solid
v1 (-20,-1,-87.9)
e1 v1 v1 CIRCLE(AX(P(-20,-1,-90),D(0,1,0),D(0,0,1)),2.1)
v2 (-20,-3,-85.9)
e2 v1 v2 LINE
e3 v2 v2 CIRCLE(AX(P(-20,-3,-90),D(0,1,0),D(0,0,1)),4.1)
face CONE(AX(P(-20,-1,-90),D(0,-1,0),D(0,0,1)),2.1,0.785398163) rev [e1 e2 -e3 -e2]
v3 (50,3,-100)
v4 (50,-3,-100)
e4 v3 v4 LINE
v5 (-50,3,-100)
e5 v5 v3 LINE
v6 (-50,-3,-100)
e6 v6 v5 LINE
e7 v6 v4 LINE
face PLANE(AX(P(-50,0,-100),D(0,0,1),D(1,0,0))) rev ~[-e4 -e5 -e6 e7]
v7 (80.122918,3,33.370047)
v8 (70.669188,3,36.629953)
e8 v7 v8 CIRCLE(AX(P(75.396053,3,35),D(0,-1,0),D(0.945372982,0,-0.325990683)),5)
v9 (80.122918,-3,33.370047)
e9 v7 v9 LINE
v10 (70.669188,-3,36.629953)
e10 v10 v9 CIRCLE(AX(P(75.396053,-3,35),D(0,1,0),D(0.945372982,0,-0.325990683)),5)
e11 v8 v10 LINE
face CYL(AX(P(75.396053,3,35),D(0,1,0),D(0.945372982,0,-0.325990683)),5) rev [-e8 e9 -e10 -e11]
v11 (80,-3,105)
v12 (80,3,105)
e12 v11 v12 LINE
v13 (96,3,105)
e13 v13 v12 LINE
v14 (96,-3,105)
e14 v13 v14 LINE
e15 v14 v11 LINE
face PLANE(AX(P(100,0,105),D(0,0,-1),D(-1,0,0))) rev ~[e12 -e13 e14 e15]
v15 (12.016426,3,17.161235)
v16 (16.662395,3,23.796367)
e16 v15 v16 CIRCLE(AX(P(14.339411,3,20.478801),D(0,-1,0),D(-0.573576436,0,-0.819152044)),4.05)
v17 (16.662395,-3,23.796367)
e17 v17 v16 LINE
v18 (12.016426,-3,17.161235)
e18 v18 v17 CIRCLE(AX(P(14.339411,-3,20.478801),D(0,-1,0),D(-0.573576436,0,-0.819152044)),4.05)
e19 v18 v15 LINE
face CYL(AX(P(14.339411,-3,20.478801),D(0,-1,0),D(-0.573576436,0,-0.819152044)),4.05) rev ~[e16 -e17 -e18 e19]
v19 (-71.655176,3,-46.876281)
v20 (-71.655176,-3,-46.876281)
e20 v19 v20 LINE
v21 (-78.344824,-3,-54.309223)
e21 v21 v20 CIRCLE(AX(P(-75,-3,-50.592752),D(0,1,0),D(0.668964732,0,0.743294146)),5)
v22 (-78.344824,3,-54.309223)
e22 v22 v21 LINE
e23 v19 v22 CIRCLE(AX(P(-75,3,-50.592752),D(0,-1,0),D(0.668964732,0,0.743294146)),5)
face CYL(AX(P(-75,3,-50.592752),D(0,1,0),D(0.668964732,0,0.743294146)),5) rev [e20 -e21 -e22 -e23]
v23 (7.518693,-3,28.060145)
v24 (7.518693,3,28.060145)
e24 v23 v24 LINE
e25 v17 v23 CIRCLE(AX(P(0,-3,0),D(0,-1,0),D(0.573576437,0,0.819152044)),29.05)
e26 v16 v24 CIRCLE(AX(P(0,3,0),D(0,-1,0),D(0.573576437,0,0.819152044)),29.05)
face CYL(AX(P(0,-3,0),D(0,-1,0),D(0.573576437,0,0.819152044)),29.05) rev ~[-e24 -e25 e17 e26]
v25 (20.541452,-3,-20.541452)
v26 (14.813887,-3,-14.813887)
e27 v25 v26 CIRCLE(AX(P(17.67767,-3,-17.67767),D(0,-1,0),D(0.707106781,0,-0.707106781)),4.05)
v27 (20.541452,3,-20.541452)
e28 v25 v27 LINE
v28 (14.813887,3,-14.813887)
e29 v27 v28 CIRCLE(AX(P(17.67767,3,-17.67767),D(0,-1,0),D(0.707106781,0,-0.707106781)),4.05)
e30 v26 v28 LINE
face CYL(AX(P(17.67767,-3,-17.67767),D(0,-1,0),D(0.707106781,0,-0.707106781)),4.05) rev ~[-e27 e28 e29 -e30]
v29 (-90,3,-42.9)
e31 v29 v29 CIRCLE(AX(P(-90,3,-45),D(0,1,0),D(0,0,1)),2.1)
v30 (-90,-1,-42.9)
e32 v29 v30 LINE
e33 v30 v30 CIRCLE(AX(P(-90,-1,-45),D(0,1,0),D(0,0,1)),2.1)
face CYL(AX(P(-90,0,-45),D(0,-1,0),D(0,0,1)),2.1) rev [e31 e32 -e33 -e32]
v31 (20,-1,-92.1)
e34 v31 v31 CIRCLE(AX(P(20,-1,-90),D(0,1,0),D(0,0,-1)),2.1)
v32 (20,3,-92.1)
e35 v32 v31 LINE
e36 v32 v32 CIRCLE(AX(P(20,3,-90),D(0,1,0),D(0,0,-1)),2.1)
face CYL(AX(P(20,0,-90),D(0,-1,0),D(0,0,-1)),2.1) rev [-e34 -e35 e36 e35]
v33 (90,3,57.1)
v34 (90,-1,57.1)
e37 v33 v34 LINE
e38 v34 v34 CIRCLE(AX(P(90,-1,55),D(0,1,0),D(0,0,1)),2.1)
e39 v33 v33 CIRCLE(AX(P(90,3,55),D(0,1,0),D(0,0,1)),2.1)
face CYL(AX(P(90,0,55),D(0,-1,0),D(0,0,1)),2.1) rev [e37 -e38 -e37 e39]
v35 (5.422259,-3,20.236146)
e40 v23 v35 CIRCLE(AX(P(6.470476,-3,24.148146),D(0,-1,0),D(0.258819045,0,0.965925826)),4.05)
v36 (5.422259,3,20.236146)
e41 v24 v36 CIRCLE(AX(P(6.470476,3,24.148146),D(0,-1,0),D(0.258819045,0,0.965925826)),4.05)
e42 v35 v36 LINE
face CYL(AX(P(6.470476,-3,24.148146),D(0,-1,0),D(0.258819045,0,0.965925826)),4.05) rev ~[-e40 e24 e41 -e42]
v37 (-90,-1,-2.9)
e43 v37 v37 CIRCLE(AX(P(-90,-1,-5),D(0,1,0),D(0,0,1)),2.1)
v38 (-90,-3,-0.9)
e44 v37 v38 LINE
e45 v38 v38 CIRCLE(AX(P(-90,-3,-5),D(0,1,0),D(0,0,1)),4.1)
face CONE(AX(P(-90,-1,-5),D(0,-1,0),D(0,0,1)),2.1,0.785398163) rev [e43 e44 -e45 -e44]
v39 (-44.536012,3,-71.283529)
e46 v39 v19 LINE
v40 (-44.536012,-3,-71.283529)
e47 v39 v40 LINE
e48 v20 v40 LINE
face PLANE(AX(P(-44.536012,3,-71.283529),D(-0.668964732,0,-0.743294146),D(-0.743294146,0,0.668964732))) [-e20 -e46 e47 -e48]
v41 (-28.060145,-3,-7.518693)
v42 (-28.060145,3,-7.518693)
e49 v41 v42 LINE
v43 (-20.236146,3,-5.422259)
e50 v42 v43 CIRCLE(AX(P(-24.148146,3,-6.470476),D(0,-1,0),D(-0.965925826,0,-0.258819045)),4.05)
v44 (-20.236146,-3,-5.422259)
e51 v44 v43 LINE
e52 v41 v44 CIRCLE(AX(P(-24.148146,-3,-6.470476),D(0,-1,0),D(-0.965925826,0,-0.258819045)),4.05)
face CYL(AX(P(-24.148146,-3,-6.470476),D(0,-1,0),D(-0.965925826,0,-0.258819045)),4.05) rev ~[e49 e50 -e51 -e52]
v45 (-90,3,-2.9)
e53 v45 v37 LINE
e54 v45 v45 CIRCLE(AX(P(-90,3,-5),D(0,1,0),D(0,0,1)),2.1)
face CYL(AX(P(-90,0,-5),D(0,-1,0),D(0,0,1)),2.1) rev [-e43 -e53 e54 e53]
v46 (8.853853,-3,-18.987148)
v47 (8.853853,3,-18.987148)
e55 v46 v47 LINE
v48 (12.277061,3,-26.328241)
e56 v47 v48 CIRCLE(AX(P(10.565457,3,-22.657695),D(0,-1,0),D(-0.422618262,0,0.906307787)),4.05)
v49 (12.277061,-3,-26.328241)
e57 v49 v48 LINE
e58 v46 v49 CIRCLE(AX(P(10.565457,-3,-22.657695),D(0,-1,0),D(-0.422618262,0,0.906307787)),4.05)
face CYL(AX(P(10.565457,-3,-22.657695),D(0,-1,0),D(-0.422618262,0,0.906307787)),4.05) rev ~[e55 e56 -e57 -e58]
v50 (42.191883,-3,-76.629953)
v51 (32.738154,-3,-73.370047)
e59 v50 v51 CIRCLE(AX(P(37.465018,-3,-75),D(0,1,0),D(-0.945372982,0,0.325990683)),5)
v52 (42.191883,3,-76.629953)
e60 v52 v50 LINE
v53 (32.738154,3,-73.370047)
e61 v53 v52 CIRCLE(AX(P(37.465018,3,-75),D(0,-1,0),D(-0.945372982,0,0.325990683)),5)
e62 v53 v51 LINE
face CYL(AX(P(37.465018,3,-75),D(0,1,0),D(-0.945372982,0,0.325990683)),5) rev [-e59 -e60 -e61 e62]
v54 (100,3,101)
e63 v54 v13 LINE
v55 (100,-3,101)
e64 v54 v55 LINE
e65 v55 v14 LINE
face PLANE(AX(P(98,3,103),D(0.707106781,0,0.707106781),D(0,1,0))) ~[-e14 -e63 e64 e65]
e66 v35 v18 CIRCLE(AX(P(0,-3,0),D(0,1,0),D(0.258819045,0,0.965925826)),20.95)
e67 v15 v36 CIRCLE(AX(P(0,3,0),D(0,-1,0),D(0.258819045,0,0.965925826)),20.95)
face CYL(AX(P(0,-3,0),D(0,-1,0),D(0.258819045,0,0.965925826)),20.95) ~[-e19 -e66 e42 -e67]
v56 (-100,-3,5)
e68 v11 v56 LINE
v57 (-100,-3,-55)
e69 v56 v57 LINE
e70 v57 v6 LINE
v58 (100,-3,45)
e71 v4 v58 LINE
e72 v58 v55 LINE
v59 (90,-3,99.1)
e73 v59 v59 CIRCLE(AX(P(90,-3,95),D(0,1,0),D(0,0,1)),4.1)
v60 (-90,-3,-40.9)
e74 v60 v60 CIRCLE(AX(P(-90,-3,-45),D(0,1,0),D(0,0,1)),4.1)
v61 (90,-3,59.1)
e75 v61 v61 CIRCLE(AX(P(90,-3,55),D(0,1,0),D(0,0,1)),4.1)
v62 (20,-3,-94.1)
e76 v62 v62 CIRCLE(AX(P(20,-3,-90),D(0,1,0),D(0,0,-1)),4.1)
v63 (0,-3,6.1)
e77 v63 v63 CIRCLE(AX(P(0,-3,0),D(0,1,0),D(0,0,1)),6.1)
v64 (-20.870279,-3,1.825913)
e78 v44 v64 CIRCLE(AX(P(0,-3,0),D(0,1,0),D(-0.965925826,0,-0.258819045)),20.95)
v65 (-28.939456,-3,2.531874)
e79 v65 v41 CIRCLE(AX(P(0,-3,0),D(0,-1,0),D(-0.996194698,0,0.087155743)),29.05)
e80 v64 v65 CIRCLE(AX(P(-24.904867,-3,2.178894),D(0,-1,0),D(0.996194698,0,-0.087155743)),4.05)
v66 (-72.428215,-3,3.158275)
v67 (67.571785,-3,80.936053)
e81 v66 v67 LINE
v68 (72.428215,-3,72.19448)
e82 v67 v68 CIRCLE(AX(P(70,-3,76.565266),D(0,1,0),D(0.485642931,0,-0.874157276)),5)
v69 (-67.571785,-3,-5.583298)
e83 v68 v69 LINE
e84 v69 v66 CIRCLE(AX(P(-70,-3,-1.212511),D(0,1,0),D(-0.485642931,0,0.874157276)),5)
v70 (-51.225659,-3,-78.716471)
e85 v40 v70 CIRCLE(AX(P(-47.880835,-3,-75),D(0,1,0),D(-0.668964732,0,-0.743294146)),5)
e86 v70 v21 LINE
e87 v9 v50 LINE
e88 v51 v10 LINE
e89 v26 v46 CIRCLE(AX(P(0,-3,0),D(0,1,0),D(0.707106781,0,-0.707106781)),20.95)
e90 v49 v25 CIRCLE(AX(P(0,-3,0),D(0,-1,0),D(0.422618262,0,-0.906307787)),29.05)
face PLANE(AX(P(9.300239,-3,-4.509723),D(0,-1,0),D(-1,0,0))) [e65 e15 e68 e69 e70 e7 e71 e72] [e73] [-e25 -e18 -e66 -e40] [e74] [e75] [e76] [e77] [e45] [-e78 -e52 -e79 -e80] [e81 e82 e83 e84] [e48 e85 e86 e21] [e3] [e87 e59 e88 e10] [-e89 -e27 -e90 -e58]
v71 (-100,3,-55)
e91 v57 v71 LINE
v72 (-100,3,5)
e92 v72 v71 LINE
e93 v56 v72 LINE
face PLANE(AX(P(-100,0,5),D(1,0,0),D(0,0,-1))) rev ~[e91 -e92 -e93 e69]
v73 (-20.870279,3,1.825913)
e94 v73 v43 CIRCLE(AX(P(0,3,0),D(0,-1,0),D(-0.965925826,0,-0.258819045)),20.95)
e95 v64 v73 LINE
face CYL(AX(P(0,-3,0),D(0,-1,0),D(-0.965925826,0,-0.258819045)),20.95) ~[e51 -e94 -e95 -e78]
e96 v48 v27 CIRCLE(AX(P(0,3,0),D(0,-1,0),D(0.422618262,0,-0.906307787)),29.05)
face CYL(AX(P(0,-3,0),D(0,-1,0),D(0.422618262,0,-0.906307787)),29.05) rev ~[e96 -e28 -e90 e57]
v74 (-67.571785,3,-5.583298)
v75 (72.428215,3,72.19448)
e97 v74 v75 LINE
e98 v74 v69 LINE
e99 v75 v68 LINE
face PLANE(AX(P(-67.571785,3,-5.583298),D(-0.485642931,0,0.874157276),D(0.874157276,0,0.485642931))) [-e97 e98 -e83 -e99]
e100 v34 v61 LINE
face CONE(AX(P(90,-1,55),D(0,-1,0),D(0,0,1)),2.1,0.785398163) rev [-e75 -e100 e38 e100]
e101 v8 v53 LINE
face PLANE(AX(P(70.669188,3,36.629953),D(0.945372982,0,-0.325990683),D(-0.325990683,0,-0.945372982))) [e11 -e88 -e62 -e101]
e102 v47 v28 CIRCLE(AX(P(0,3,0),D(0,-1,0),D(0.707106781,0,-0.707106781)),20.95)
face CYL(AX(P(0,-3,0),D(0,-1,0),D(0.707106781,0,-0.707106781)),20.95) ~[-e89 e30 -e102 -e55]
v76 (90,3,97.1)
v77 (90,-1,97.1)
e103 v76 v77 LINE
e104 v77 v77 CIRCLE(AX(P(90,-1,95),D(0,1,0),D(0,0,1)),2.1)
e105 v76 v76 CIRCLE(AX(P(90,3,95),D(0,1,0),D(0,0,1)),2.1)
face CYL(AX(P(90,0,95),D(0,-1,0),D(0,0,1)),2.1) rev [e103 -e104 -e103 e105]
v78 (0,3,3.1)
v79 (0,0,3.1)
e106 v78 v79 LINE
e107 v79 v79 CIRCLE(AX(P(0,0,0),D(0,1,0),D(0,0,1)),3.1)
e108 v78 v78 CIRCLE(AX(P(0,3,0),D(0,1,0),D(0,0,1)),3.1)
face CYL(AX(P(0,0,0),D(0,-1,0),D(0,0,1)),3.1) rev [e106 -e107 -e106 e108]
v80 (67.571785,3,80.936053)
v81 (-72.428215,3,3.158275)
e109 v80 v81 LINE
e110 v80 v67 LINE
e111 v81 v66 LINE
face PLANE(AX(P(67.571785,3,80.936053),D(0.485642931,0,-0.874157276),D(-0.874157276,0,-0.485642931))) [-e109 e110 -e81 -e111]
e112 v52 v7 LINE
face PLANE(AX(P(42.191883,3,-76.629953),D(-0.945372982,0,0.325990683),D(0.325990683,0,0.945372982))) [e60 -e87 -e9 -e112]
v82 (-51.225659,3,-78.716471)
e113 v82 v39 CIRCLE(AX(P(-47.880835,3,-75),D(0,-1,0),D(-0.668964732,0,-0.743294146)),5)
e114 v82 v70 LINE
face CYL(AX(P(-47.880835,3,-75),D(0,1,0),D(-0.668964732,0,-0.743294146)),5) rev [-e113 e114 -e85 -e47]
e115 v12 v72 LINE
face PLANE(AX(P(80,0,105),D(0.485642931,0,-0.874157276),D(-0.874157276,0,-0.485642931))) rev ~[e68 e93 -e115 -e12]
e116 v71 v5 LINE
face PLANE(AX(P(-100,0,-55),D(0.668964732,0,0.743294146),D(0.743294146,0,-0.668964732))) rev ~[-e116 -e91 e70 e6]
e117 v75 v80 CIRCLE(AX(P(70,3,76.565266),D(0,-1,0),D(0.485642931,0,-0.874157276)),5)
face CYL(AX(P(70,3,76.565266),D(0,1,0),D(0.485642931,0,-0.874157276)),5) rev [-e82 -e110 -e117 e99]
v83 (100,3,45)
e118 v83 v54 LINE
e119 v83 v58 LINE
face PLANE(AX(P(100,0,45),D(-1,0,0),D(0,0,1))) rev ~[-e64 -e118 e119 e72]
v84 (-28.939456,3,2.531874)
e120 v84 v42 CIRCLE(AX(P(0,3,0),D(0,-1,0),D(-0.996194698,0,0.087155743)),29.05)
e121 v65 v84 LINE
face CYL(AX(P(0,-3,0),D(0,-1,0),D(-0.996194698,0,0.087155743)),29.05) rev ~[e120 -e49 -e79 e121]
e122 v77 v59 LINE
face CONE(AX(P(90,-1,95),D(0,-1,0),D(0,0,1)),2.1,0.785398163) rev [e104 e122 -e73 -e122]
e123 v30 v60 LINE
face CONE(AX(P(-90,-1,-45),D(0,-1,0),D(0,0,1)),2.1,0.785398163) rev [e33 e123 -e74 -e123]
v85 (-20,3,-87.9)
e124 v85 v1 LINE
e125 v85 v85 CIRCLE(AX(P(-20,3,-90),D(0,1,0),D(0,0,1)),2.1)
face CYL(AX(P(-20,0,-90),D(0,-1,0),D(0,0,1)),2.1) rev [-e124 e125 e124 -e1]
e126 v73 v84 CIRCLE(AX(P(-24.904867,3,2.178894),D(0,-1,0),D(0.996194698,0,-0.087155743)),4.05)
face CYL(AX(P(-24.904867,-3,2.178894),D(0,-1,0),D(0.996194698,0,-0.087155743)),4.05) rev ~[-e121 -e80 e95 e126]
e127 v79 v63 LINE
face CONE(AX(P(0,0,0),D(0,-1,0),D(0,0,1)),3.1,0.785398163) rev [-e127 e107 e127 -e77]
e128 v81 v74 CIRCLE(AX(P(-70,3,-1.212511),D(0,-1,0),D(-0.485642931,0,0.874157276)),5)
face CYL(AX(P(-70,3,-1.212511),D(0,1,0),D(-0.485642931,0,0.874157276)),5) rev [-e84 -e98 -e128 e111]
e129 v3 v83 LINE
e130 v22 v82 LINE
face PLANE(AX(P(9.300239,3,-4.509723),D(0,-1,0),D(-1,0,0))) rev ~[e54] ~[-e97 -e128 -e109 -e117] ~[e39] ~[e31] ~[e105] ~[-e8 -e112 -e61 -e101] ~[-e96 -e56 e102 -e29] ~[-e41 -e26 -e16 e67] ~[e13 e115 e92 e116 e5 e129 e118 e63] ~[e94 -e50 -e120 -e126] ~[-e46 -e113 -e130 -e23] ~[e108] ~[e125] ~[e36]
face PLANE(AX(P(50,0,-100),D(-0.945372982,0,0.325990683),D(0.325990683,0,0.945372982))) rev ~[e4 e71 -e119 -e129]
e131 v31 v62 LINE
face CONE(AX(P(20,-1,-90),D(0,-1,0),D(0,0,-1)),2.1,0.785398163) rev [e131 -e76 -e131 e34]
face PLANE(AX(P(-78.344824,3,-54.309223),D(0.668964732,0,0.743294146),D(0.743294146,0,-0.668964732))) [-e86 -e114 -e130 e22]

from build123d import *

# Parameters (mm, degrees)
SKETCH_1_R               = 3.1
SKETCH_1_R_2             = 2.1
EXTRUDE_1_DEPTH          = 3
CHAMFER_1_SIZE           = 2
CHAMFER_3_SIZE           = 4
CUT_EXTRUDE_1_DEPTH      = 146.124084838
CHAMFER_4_SIZE           = 3
CUT_EXTRUDE_2_DEPTH      = 146.124084838
PATTERN_CIRCULAR_1_COUNT = 3


with BuildPart() as part:
    # 草图1 → 凸台-拉伸1 (new, symmetric)
    with BuildSketch(Plane(origin=(0, 0, 0), x_dir=(1, 0, 0), z_dir=(0, 1, 0))):
        Polygon((-50, 100), (50, 100), (100, -45), (100, -105), (80, -105), (-100, -5), (-100, 55), align=None)
        with Locations(Location((0, 0, 0), (0, 0, 270))):
            Circle(SKETCH_1_R, mode=Mode.SUBTRACT)
        with Locations(Location((-20, 90, 0), (0, 0, 270))):
            Circle(SKETCH_1_R_2, mode=Mode.SUBTRACT)
        with Locations(Location((-90, 45, 0), (0, 0, 270))):
            Circle(SKETCH_1_R_2, mode=Mode.SUBTRACT)
        with Locations(Location((-90, 5, 0), (0, 0, 270))):
            Circle(SKETCH_1_R_2, mode=Mode.SUBTRACT)
        with Locations(Location((20, 90, 0), (0, 0, 90))):
            Circle(SKETCH_1_R_2, mode=Mode.SUBTRACT)
        with Locations(Location((90, -55, 0), (0, 0, 270))):
            Circle(SKETCH_1_R_2, mode=Mode.SUBTRACT)
        with Locations(Location((90, -95, 0), (0, 0, 270))):
            Circle(SKETCH_1_R_2, mode=Mode.SUBTRACT)
    extrude(amount=EXTRUDE_1_DEPTH, both=True)

    # 倒角1
    chamfer_1_edges = [part.edges().sort_by_distance(p)[0] for p in [
        (-20, -3, -92.1),
        (-90, -3, -47.1),
        (-90, -3, -7.1),
        (90, -3, 52.9),
        (90, -3, 92.9),
        (20, -3, -87.9),
    ]]
    chamfer(chamfer_1_edges, length=CHAMFER_1_SIZE)

    # 倒角3
    chamfer_3_edges = [part.edges().sort_by_distance(p)[0] for p in [
        (100, 0, 105),
    ]]
    chamfer(chamfer_3_edges, length=CHAMFER_3_SIZE)

    # 草图2 → 切除-拉伸1 (cut, through all)
    with BuildSketch(Plane(origin=(0, 3, 0), x_dir=(1, 0, 0), z_dir=(0, 1, 0))):
        with BuildLine():
            Line((-78.344823658, 54.309222637), (-51.225659109, 78.716470731))
            ThreePointArc((-51.225659109, 78.716470731), (-44.16436472, 78.344823658), (-44.536011793, 71.283529269))
            Line((-44.536011793, 71.283529269), (-71.655176342, 46.876281175))
            ThreePointArc((-71.655176342, 46.876281175), (-78.716470731, 47.247928248), (-78.344823658, 54.309222637))
        make_face()
        with BuildLine():
            Line((70.669187988, -36.629953417), (32.738153505, 73.370046583))
            ThreePointArc((32.738153505, 73.370046583), (35.835064997, 79.726864908), (42.191883322, 76.629953417))
            Line((42.191883322, 76.629953417), (80.122917804, -33.370046583))
            ThreePointArc((80.122917804, -33.370046583), (77.026006313, -39.726864908), (70.669187988, -36.629953417))
        make_face()
        with BuildLine():
            Line((67.571785344, -80.936052734), (-72.428214656, -3.158274956))
            ThreePointArc((-72.428214656, -3.158274956), (-74.370786381, 3.64072608), (-67.571785344, 5.583297805))
            Line((-67.571785344, 5.583297805), (72.428214656, -72.194479973))
            ThreePointArc((72.428214656, -72.194479973), (74.370786381, -78.993481009), (67.571785344, -80.936052734))
        make_face()
    extrude(amount=-CUT_EXTRUDE_1_DEPTH, mode=Mode.SUBTRACT)

    # 倒角4
    chamfer_4_edges = [part.edges().sort_by_distance(p)[0] for p in [
        (0, -3, -3.1),
    ]]
    chamfer(chamfer_4_edges, length=CHAMFER_4_SIZE)

    # 草图3 → 切除-拉伸2 (cut, through all)
    with BuildSketch(Plane.XZ.offset(3)):
        with BuildLine():
            ThreePointArc((12.277060504, -26.328241213), (16.662395476, -23.796366887), (20.541451993, -20.541451993))
            ThreePointArc((20.541451993, -20.541451993), (20.541451993, -14.813887066), (14.813887066, -14.813887066))
            ThreePointArc((14.813887066, -14.813887066), (12.016426342, -17.161235328), (8.853852583, -18.987148138))
            ThreePointArc((8.853852583, -18.987148138), (6.894910006, -24.369298636), (12.277060504, -26.328241213))
        make_face()
    cut_extrude_2 = extrude(amount=-CUT_EXTRUDE_2_DEPTH, mode=Mode.SUBTRACT)

    # 阵列(圆周)1: 切除-拉伸2 ×3 about axis
    pattern_circular_1_axis = Axis((0, 0, 0), (0, 1, 0))
    for i in range(1, PATTERN_CIRCULAR_1_COUNT):
        add(cut_extrude_2.rotate(pattern_circular_1_axis, i * 360 / PATTERN_CIRCULAR_1_COUNT), mode=Mode.SUBTRACT)


solid = part.part
